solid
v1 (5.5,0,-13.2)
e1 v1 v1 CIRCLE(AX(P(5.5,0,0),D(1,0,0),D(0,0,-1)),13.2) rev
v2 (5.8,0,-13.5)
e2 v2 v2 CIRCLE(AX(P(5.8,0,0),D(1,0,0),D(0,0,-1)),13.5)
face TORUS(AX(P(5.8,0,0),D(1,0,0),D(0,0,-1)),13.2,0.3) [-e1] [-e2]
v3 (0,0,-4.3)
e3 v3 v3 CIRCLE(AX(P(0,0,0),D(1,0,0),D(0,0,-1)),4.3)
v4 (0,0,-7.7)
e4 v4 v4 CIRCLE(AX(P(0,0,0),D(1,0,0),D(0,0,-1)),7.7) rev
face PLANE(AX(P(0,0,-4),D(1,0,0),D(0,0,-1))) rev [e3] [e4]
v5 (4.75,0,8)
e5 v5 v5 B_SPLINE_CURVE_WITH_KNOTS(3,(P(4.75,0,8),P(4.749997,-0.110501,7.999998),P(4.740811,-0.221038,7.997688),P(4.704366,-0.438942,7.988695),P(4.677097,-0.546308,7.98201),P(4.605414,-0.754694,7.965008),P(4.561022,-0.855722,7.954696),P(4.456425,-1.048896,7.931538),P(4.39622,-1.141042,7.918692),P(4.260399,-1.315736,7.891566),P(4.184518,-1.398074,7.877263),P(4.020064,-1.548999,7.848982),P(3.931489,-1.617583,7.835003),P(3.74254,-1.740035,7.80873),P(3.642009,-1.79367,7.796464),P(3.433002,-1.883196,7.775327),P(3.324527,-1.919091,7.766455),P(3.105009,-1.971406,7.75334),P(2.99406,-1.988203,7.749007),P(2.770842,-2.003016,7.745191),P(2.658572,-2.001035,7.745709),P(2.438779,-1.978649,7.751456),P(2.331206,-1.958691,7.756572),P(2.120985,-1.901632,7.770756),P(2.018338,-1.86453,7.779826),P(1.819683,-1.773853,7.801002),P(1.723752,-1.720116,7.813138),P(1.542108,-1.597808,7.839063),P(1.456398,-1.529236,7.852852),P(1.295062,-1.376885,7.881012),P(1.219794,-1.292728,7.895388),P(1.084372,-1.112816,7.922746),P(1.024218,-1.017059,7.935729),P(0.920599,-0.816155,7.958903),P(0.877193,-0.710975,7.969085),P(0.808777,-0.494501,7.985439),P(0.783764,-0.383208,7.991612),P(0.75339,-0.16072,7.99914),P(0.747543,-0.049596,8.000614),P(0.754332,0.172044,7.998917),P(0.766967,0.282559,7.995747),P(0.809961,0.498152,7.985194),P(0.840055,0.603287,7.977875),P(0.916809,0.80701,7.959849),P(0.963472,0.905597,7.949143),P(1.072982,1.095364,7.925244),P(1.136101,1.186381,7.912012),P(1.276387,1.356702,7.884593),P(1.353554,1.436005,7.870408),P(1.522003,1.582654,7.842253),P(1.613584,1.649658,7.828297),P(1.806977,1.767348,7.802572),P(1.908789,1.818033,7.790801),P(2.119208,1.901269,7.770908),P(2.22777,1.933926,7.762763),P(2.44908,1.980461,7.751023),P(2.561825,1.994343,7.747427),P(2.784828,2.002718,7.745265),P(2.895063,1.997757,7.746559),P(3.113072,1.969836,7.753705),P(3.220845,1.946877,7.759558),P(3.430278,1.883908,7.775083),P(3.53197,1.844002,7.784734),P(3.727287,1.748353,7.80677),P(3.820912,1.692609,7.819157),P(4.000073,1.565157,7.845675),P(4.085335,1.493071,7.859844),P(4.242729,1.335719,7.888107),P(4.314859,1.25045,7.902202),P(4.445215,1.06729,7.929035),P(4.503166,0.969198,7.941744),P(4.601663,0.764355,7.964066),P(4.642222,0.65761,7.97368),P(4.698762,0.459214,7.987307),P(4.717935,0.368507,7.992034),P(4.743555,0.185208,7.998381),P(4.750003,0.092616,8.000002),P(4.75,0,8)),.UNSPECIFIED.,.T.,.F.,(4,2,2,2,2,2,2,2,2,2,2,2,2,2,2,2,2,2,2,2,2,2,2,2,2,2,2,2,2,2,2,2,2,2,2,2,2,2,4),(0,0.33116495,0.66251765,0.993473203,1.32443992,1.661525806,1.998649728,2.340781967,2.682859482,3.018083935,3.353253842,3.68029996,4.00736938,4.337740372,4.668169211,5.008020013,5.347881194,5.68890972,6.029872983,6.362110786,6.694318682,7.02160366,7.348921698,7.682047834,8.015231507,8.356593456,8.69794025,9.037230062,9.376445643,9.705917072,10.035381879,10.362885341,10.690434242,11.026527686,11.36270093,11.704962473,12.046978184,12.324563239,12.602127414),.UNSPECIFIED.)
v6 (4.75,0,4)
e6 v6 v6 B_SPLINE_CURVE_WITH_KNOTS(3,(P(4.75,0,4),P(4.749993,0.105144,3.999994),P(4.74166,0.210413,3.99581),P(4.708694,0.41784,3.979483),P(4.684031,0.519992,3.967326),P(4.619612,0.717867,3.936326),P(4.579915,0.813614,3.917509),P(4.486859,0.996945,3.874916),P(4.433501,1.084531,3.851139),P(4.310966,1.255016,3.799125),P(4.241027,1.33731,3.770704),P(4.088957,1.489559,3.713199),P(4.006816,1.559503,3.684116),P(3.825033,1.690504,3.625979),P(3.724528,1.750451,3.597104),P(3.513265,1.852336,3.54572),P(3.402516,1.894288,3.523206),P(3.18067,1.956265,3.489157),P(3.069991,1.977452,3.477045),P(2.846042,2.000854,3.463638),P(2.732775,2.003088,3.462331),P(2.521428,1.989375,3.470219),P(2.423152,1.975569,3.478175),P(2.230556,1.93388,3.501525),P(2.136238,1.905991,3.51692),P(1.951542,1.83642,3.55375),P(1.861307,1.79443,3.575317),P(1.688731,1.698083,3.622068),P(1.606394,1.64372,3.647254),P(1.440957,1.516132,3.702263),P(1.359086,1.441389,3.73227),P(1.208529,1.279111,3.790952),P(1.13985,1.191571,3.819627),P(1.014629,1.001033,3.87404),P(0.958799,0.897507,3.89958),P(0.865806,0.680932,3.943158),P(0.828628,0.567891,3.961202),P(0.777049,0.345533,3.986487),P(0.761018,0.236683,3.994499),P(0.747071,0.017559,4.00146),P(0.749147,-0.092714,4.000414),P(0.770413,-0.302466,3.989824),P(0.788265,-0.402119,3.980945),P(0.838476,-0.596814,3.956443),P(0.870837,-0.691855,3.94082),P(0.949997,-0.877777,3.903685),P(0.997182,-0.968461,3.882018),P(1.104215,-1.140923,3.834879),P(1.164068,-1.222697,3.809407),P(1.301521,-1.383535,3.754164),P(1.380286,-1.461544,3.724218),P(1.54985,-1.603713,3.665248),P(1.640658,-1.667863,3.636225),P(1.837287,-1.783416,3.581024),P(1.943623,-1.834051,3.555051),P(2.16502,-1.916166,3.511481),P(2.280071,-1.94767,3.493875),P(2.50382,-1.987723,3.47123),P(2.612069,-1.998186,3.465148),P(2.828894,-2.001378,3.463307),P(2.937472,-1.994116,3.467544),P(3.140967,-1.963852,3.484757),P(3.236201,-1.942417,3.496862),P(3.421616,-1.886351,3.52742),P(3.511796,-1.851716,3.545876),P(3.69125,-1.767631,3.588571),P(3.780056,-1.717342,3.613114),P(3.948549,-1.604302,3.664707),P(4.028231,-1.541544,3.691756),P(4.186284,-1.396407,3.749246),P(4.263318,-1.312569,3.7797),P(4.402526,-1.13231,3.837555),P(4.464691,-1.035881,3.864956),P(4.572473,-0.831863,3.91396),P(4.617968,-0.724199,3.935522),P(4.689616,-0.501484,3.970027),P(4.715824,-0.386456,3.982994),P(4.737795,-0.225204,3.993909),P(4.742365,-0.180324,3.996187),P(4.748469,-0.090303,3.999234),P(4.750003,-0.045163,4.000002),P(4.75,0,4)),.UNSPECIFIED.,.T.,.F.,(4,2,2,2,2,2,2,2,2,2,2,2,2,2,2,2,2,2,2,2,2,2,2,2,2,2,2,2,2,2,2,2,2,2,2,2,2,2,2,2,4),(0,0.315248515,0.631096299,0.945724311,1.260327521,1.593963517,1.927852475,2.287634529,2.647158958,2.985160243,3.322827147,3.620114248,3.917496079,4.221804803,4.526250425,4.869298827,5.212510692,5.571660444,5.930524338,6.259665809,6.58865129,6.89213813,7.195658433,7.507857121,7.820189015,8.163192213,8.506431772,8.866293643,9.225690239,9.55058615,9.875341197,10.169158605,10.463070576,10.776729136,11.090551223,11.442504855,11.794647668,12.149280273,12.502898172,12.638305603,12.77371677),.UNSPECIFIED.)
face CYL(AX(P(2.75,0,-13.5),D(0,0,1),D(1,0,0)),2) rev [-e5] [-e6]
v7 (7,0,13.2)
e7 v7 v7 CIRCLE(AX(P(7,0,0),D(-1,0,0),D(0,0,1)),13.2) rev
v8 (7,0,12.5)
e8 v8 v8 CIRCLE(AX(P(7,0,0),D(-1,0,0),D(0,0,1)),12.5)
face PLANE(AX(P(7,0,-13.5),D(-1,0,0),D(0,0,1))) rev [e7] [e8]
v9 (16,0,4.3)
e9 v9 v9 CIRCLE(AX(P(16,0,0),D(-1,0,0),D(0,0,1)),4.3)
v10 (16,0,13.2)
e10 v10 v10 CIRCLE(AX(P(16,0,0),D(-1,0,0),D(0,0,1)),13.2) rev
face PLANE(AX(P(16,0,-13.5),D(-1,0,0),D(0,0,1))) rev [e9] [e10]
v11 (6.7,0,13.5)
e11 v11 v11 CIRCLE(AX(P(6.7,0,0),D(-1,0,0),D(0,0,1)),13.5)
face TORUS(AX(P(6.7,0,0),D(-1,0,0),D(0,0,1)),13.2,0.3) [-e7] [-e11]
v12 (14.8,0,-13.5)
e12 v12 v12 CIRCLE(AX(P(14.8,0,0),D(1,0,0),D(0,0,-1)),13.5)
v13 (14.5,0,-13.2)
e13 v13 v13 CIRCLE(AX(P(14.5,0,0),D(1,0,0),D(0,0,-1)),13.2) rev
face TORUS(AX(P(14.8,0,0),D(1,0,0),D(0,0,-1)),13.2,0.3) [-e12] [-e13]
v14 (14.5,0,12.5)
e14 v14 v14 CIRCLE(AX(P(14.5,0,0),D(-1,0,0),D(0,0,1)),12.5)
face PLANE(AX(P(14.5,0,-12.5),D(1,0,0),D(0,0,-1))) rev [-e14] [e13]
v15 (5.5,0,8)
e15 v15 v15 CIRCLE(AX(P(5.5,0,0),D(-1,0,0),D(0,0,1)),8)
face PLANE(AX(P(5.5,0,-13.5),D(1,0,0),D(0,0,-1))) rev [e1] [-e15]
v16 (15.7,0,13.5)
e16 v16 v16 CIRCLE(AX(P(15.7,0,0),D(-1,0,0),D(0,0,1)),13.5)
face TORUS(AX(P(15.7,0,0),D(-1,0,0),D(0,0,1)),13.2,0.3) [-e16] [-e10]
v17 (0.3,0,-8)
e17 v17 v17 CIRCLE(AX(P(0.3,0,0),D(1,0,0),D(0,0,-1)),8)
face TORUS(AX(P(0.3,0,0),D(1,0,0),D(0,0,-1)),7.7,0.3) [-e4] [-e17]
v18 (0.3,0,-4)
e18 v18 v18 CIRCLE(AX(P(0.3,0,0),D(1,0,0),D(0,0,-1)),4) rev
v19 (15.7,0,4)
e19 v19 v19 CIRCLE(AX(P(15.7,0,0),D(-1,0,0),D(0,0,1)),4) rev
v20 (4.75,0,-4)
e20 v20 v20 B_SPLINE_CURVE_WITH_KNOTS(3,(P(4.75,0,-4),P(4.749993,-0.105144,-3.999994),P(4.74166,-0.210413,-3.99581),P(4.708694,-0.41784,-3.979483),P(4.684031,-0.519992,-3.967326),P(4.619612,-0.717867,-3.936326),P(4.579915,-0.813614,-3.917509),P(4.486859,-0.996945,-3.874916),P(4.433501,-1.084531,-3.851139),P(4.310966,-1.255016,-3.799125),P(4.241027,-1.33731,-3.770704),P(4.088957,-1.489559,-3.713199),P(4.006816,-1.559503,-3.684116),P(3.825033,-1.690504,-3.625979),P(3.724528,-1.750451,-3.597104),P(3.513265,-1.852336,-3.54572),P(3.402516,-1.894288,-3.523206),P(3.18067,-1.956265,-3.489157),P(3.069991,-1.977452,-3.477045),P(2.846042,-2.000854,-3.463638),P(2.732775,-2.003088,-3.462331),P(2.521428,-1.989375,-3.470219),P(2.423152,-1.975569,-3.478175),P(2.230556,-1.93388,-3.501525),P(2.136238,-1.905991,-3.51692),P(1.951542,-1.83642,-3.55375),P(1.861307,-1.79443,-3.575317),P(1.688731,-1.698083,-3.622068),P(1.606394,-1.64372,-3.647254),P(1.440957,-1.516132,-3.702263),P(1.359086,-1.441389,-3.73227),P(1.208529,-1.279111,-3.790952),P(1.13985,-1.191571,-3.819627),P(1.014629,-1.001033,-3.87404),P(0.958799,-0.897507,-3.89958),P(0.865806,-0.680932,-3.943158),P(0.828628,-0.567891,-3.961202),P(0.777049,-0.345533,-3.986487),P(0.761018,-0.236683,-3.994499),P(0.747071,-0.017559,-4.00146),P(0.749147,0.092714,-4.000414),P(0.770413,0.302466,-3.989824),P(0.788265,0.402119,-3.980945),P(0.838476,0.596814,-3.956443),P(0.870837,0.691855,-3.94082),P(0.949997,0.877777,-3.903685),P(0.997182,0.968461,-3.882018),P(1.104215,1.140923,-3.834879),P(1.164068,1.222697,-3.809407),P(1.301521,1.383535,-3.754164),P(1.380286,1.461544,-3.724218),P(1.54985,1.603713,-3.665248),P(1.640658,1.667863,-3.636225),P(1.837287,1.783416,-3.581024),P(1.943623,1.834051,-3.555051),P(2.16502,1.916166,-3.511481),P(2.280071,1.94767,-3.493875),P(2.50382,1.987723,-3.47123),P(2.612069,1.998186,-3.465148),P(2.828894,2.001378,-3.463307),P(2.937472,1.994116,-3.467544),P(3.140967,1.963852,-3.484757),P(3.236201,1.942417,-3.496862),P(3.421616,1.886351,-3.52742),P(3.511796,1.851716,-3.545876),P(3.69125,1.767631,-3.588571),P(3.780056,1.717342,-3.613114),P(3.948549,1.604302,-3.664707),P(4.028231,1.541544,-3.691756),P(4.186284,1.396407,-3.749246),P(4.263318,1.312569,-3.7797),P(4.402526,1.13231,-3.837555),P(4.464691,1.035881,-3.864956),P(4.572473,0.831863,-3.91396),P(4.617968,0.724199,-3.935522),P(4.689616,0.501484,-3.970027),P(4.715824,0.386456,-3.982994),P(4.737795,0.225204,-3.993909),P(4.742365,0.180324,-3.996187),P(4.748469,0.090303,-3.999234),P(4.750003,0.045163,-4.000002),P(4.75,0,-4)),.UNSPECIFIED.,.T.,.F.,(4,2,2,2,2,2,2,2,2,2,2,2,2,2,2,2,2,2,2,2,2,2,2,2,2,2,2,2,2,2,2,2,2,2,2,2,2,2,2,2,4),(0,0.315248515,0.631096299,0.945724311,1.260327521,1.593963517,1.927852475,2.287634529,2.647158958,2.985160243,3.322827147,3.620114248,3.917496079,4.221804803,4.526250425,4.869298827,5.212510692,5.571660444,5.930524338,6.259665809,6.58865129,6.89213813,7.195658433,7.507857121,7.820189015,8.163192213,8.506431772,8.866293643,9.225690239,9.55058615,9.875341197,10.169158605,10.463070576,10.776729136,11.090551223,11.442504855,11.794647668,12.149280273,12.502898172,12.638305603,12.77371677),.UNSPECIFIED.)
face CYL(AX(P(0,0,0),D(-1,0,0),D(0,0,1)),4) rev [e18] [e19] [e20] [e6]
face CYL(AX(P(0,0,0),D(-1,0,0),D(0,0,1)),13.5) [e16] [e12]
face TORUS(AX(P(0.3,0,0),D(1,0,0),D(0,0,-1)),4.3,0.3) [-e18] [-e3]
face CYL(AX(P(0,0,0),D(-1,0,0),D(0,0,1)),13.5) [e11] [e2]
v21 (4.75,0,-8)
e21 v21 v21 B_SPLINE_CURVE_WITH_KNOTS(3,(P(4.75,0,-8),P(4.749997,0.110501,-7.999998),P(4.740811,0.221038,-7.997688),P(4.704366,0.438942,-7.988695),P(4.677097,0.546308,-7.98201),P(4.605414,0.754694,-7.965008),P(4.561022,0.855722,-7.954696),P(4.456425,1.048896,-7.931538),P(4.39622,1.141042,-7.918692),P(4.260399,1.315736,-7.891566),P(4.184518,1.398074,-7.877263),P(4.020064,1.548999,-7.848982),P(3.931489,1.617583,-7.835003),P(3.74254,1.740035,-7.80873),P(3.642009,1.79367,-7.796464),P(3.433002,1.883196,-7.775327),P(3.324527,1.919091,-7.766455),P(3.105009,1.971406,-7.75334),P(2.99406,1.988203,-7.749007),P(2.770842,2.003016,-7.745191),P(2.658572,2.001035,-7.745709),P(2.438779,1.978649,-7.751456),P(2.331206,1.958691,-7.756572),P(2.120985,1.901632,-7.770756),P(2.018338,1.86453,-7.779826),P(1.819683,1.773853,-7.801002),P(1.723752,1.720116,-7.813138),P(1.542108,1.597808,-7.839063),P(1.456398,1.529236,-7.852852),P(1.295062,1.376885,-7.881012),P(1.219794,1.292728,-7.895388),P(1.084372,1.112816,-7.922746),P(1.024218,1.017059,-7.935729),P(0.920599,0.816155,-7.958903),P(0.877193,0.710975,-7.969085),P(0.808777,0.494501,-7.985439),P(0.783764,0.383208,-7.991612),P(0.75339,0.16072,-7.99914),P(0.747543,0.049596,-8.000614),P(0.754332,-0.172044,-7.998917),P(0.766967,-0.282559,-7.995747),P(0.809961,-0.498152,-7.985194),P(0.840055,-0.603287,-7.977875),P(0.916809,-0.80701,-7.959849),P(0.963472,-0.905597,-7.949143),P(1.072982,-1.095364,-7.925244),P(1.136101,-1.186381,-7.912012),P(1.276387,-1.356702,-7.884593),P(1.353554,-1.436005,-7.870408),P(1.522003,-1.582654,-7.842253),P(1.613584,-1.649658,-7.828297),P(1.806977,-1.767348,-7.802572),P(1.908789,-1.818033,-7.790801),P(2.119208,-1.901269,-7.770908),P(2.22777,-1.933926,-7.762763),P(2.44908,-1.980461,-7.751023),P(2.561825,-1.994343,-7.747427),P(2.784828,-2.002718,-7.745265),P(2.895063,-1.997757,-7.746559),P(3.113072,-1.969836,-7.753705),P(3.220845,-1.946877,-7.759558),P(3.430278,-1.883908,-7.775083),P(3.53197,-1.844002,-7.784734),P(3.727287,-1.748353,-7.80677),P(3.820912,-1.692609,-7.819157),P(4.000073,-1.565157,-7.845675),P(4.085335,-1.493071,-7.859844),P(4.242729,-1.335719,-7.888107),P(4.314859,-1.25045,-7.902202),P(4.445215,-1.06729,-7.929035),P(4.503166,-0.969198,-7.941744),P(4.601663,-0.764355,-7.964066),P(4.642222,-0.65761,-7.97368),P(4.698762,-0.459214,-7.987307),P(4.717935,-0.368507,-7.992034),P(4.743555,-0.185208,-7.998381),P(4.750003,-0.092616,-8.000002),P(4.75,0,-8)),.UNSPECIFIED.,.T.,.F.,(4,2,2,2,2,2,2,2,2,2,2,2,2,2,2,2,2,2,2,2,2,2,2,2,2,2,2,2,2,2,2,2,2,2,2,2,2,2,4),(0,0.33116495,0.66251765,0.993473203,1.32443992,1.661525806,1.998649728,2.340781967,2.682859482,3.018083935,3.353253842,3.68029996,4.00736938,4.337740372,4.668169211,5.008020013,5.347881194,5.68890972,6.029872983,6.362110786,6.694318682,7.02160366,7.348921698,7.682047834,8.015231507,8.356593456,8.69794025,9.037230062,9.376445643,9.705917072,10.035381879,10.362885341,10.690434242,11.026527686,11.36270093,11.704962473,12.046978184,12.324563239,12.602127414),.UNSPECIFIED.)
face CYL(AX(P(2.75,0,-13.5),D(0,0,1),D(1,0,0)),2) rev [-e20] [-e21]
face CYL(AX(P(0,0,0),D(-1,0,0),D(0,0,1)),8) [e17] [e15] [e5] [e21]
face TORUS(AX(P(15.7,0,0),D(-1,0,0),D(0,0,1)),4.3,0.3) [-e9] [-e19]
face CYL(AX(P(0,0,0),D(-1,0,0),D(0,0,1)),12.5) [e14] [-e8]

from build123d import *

# Parameters (mm, degrees)
FILLET1_R               = 0.3
SKETCH2_R               = 2
CUT_EXTRUDE1_DEPTH      = 14.5000001
CUT_EXTRUDE1_DEPTH_BACK = 14.5000001


with BuildPart() as part:
    # Sketch1 → Revolve1 (revolve)
    with BuildSketch(Plane(origin=(0, 0, 0), x_dir=(1, 0, 0), z_dir=(0, 1, 0))):
        Polygon((0, 4), (0, 8), (5.5, 8), (5.5, 13.5), (7, 13.5), (7, 12.5), (14.5, 12.5), (14.5, 13.5), (16, 13.5), (16, 4), align=None)
    revolve(axis=Axis((0, 0, 0), (1, 0, 0)))

    # Fillet1
    fillet1_edges = [part.edges().sort_by_distance(p)[0] for p in [
        (7, 0, 13.5),
        (5.5, 0, 13.5),
        (0, 0, 8),
        (0, 0, 4),
        (16, 0, 4),
        (16, 0, 13.5),
        (14.5, 0, 13.5),
    ]]
    fillet(fillet1_edges, radius=FILLET1_R)

    # Sketch2 → Cut-Extrude1 (cut, two sides)
    with BuildSketch(Plane.XY) as cut_extrude1_sk:
        with Locations((2.75, 0)):
            Circle(SKETCH2_R)
    extrude(amount=CUT_EXTRUDE1_DEPTH, mode=Mode.SUBTRACT)
    extrude(cut_extrude1_sk.sketch, amount=-CUT_EXTRUDE1_DEPTH_BACK, mode=Mode.SUBTRACT)


solid = part.part
